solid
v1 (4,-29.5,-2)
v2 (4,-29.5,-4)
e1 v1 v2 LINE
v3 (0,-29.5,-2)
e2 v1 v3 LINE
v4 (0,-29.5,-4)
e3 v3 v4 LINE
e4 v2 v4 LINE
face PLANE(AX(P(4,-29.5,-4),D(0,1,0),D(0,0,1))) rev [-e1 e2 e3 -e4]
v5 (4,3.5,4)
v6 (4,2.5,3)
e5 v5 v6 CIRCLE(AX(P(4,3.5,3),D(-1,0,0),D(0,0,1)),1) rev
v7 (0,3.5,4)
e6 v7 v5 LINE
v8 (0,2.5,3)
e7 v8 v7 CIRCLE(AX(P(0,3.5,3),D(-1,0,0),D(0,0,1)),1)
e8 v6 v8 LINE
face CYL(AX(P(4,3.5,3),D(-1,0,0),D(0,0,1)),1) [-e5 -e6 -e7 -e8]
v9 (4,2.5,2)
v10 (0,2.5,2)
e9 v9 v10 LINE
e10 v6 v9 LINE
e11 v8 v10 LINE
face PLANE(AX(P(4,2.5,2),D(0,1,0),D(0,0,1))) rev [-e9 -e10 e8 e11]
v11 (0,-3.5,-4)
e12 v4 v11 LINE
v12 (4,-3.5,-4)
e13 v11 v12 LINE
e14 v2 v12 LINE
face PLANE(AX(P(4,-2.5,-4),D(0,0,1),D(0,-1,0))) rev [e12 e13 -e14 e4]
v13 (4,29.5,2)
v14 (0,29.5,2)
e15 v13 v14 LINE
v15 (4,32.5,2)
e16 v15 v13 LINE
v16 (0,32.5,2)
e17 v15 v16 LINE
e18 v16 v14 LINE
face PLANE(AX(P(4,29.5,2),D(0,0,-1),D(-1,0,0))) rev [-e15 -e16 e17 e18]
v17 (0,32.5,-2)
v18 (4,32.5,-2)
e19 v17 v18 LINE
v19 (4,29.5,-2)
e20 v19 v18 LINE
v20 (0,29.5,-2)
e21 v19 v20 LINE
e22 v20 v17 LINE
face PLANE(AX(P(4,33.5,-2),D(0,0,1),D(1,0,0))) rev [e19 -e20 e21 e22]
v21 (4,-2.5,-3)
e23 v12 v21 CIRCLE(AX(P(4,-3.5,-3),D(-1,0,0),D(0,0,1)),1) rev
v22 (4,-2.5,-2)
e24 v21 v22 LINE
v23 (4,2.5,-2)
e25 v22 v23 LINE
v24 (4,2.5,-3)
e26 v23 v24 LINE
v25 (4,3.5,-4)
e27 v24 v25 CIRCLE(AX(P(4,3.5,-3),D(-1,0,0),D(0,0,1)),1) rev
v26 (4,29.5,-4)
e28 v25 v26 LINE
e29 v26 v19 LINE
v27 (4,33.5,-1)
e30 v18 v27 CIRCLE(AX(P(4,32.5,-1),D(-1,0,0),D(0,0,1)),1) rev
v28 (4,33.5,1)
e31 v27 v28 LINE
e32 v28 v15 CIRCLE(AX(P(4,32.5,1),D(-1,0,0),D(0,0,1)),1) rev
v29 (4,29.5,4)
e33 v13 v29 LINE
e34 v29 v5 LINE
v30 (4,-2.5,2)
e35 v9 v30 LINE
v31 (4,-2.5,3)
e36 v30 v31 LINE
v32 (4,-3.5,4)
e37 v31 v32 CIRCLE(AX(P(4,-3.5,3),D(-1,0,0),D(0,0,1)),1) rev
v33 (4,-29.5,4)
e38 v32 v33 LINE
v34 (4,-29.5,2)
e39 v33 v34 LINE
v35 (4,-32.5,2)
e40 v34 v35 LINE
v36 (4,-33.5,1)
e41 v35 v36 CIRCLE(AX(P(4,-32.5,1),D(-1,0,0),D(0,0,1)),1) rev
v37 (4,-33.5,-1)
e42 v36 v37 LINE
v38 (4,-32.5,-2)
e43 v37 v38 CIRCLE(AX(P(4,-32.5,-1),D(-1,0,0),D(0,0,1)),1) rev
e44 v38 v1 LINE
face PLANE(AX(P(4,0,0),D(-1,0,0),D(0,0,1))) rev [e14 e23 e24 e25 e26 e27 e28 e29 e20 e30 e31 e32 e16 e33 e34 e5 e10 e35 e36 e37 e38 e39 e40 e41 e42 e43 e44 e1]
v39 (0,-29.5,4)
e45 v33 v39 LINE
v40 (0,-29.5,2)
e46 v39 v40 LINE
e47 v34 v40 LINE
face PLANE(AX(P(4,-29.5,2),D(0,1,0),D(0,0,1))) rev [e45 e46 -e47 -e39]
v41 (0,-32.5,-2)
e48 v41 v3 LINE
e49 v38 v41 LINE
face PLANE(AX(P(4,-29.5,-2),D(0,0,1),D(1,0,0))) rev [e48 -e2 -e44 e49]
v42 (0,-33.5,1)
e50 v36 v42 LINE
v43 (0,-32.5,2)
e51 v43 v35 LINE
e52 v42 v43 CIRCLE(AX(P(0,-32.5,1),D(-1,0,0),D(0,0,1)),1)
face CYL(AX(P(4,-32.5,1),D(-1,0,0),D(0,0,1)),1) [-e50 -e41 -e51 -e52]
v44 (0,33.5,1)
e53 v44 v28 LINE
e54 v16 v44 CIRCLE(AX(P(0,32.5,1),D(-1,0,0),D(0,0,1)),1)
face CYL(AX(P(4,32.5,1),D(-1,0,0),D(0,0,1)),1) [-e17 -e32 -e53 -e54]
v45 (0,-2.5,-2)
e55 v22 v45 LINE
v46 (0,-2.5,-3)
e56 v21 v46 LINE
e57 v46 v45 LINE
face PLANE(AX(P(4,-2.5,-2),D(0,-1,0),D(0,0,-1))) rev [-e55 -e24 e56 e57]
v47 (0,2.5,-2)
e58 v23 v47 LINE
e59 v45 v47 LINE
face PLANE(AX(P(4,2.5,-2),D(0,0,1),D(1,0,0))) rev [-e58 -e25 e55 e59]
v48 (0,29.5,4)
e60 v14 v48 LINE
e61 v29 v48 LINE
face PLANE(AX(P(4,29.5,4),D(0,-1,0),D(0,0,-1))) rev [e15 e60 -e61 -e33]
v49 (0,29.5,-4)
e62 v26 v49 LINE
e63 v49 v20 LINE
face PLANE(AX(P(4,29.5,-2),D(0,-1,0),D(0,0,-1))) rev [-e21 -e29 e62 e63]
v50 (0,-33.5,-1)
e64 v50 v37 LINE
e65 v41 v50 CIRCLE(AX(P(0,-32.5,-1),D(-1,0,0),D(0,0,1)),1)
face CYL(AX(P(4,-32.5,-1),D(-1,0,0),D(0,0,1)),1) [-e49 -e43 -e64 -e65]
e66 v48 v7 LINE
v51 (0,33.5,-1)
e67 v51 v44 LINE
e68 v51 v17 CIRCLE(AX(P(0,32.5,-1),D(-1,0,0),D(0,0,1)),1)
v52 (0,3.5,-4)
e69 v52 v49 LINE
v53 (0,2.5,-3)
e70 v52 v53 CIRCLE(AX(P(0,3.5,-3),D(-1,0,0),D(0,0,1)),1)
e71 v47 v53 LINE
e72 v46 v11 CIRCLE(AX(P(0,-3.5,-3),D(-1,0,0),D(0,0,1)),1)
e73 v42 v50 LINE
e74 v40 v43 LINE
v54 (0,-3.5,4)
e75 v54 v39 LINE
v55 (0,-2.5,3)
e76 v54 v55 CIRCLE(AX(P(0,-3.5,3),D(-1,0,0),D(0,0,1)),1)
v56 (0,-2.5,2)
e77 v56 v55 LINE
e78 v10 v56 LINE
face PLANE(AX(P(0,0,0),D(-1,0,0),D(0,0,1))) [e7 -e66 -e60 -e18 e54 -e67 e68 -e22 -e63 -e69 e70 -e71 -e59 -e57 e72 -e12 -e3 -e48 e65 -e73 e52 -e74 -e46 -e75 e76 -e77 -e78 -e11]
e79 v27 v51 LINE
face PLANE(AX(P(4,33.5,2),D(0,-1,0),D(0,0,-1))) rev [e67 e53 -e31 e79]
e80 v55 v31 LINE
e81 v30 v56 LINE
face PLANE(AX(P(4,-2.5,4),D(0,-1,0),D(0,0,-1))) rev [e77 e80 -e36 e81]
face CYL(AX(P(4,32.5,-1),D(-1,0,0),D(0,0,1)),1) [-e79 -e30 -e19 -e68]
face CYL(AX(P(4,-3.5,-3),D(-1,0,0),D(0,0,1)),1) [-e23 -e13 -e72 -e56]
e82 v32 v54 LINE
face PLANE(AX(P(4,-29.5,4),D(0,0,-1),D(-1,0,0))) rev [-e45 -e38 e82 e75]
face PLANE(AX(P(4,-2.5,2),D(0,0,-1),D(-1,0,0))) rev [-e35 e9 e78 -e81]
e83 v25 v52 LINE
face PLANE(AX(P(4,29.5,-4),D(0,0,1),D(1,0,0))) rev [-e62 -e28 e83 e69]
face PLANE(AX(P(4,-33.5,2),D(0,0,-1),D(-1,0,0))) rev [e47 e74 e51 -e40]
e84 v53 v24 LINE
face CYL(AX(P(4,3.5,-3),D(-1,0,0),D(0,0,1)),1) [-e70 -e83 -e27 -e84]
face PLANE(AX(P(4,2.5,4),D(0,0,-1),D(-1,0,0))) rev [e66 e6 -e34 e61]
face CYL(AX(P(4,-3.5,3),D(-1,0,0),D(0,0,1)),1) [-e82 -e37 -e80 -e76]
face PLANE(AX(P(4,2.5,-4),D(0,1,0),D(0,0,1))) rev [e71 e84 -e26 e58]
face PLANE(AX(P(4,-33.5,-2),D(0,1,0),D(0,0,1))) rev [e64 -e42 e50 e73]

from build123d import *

# Parameters (mm, degrees)
BOSS_EXTRUDE1_DEPTH = 4
FILLET1_R           = 1
FILLET2_R           = 1


with BuildPart() as part:
    # Sketch1 → Boss-Extrude1 (new body)
    with BuildSketch(Plane.YZ):
        Polygon((-33.5, -2), (-33.5, 2), (-29.5, 2), (-29.5, 4), (-2.5, 4), (-2.5, 2), (2.5, 2), (2.5, 4), (29.5, 4), (29.5, 2), (33.5, 2), (33.5, -2), (29.5, -2), (29.5, -4), (2.5, -4), (2.5, -2), (-2.5, -2), (-2.5, -4), (-29.5, -4), (-29.5, -2), align=None)
    extrude(amount=BOSS_EXTRUDE1_DEPTH)

    # Fillet1
    fillet1_edges = [part.edges().sort_by_distance(p)[0] for p in [
        (2, -2.5, 4),
        (2, 2.5, 4),
        (2, 2.5, -4),
        (2, -2.5, -4),
    ]]
    fillet(fillet1_edges, radius=FILLET1_R)

    # Fillet2
    fillet2_edges = [part.edges().sort_by_distance(p)[0] for p in [
        (2, -33.5, -2),
        (2, -33.5, 2),
        (2, 33.5, 2),
        (2, 33.5, -2),
    ]]
    fillet(fillet2_edges, radius=FILLET2_R)


solid = part.part
